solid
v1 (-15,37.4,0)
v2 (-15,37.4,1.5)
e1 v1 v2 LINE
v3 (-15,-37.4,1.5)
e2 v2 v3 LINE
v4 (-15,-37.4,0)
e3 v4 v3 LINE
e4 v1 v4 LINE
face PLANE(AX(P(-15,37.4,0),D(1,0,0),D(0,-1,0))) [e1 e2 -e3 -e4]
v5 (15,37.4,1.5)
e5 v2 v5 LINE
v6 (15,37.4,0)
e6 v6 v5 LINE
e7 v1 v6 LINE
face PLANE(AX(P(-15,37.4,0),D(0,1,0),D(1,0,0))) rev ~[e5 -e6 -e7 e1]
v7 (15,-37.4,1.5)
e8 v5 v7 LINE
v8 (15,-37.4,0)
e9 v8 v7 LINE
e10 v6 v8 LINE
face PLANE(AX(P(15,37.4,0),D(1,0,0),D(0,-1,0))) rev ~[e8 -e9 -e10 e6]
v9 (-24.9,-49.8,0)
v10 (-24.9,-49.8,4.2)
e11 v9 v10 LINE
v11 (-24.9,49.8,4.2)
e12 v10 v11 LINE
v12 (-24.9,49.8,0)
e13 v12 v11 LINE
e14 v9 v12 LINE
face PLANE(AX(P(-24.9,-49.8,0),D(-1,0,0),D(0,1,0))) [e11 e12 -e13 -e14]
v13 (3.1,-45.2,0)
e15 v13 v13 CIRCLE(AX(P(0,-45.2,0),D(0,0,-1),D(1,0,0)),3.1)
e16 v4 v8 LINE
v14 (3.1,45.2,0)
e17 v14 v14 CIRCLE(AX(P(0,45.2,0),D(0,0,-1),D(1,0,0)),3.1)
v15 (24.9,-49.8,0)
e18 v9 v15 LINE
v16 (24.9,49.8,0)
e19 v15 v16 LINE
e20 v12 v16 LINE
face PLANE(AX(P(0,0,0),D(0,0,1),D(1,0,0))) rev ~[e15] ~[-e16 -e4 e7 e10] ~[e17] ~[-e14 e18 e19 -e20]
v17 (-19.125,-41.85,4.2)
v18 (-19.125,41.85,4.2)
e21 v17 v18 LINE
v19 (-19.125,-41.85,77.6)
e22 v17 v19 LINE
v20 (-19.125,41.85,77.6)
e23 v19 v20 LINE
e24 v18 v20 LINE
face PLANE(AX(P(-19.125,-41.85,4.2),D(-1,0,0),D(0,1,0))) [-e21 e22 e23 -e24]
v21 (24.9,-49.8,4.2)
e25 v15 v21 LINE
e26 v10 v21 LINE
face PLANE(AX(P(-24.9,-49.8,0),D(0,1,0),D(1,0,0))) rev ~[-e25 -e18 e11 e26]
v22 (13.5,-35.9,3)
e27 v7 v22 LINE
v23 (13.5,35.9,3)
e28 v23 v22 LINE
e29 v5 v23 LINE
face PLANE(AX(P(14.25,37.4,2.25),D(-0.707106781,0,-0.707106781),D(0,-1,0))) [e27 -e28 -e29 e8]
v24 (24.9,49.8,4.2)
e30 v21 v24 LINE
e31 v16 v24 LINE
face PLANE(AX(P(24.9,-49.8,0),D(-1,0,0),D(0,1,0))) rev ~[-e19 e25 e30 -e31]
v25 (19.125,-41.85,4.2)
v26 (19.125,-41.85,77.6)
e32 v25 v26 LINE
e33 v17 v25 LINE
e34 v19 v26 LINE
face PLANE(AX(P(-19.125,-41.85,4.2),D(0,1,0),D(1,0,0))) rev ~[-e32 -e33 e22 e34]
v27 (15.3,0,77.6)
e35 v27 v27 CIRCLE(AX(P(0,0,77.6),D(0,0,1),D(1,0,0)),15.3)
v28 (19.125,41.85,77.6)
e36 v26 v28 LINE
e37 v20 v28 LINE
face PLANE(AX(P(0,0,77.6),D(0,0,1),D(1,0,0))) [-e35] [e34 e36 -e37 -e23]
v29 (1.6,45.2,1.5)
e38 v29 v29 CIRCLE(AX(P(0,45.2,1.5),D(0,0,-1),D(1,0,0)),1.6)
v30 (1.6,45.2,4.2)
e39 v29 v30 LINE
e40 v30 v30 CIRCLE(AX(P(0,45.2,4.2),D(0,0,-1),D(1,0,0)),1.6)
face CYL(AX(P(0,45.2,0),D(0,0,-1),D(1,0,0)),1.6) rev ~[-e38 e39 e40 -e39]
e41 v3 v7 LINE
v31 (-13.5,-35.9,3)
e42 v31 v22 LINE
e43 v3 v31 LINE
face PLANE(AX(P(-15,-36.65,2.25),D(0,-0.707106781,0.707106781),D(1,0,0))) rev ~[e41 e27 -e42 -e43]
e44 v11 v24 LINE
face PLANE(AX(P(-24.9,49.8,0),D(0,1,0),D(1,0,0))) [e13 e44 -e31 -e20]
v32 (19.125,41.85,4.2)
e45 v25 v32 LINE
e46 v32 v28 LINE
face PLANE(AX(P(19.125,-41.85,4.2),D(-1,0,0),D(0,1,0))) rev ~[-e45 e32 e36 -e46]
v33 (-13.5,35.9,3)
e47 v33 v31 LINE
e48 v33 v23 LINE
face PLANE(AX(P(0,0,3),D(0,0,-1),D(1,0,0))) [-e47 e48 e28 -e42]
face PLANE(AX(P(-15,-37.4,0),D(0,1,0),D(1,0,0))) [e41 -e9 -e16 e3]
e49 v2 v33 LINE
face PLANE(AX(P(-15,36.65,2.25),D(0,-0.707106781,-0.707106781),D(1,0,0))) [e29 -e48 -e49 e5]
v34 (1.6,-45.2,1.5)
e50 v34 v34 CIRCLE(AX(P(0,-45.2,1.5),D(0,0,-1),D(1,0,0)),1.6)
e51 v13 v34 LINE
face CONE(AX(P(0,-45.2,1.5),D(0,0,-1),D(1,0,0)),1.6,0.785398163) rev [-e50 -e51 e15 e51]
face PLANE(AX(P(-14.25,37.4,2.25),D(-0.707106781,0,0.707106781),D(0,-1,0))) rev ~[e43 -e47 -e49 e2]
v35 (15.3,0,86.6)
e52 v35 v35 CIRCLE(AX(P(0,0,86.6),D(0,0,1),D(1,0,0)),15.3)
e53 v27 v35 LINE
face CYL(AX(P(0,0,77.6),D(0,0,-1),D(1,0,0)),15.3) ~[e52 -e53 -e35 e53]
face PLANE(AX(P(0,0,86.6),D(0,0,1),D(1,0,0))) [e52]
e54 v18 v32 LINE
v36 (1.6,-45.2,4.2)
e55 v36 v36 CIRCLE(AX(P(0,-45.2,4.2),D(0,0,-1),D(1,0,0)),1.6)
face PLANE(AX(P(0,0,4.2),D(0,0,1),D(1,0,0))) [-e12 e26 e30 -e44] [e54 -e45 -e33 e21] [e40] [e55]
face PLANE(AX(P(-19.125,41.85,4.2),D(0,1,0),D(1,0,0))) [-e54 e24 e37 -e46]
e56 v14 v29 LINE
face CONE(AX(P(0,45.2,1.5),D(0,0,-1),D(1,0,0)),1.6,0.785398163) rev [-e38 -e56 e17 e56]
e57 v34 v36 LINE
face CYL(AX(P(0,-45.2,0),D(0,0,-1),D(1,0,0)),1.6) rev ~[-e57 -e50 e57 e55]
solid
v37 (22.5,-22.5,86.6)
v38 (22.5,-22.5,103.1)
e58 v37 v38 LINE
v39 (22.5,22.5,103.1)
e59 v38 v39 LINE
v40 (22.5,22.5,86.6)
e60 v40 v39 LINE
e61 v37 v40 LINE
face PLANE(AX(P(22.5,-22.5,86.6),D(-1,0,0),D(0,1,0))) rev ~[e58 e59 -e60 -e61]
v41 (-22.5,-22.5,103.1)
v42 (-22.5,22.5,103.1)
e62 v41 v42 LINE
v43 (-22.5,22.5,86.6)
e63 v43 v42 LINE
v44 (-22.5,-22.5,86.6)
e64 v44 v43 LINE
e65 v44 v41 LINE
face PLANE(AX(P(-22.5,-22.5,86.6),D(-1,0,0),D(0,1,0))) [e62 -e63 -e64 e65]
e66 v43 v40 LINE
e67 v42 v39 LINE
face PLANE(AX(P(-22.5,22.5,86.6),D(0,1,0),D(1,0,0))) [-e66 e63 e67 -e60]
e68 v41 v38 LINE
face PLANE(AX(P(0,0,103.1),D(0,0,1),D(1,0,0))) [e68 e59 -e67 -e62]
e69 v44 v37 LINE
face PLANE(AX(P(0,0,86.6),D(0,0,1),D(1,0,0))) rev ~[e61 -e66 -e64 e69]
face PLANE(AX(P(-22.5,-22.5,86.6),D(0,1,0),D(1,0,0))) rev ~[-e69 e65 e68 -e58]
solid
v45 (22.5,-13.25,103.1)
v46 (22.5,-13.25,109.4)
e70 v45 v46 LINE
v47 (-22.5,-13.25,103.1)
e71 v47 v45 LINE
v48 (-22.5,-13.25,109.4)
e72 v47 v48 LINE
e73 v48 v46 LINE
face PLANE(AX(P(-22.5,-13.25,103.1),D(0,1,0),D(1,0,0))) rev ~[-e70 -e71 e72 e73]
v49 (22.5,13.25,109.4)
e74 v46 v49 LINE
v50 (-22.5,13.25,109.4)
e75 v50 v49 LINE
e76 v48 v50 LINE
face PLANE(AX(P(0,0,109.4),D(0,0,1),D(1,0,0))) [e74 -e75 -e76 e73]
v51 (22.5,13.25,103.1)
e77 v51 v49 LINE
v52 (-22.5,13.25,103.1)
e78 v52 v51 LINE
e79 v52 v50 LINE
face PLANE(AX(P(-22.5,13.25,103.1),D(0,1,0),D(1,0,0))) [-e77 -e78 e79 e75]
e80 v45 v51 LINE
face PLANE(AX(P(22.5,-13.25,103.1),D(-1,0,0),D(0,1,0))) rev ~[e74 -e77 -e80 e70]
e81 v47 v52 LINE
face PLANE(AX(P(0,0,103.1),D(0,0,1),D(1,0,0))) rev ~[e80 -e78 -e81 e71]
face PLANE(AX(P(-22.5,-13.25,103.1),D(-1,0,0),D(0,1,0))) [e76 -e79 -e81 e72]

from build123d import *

# Parameters (mm, degrees)
F0_W      = 49.8
F0_H      = 99.6
F1_DEPTH  = 4.2
F2_W      = 38.25
F2_H      = 83.7
F3_DEPTH  = 73.4
F4_R      = 15.3
F5_DEPTH  = 9
F6_W      = 45
F6_H      = 45
F7_DEPTH  = 16.5
F8_W      = 45
F8_H      = 26.5
F9_DEPTH  = 6.3
F10_W     = 30
F10_H     = 74.8
F11_DEPTH = 3
F12_R     = 1.6
F13_DEPTH = 25
F14_SIZE  = 1.5


with BuildPart() as f1:
    # F0 (on Top) → F1 (new body)
    with BuildSketch(Plane.XY):
        Rectangle(F0_W, F0_H)
    extrude(amount=F1_DEPTH)

    # F2 (on face) → F3 (join)
    with BuildSketch(Plane.XY.offset(4.2)):
        Rectangle(F2_W, F2_H)
    extrude(amount=F3_DEPTH)

    # F4 (on face) → F5 (join)
    with BuildSketch(Plane.XY.offset(77.6)):
        Circle(F4_R)
    extrude(amount=F5_DEPTH)

    # F10 (on face) → F11 (cut)
    with BuildSketch(Plane(origin=(0, 0, 0), x_dir=(1, 0, 0), z_dir=(0, 0, -1))):
        Rectangle(F10_W, F10_H)
    extrude(amount=-F11_DEPTH, mode=Mode.SUBTRACT)

    # F12 (on face) → F13 (cut)
    with BuildSketch(Plane(origin=(0, 0, 0), x_dir=(1, 0, 0), z_dir=(0, 0, -1))):
        with Locations((0, -45.2)):
            Circle(F12_R)
        with Locations((0, 45.2)):
            Circle(F12_R)
    extrude(amount=-F13_DEPTH, mode=Mode.SUBTRACT)

    # F14
    f14_edges = [f1.edges().sort_by_distance(p)[0] for p in [
        (-1.6, 45.2, 0),
        (-1.6, -45.2, 0),
        (0, -37.4, 3),
        (-15, 0, 3),
        (0, 37.4, 3),
        (15, 0, 3),
    ]]
    chamfer(f14_edges, length=F14_SIZE)


with BuildPart() as f7:
    # F6 (on face) → F7 (new body)
    with BuildSketch(Plane.XY.offset(86.6)):
        Rectangle(F6_W, F6_H)
    extrude(amount=F7_DEPTH)


with BuildPart() as f9:
    # F8 (on face) → F9 (new body)
    with BuildSketch(Plane.XY.offset(103.1)):
        Rectangle(F8_W, F8_H)
    extrude(amount=F9_DEPTH)


solid = Compound([f1.part, f7.part, f9.part])
